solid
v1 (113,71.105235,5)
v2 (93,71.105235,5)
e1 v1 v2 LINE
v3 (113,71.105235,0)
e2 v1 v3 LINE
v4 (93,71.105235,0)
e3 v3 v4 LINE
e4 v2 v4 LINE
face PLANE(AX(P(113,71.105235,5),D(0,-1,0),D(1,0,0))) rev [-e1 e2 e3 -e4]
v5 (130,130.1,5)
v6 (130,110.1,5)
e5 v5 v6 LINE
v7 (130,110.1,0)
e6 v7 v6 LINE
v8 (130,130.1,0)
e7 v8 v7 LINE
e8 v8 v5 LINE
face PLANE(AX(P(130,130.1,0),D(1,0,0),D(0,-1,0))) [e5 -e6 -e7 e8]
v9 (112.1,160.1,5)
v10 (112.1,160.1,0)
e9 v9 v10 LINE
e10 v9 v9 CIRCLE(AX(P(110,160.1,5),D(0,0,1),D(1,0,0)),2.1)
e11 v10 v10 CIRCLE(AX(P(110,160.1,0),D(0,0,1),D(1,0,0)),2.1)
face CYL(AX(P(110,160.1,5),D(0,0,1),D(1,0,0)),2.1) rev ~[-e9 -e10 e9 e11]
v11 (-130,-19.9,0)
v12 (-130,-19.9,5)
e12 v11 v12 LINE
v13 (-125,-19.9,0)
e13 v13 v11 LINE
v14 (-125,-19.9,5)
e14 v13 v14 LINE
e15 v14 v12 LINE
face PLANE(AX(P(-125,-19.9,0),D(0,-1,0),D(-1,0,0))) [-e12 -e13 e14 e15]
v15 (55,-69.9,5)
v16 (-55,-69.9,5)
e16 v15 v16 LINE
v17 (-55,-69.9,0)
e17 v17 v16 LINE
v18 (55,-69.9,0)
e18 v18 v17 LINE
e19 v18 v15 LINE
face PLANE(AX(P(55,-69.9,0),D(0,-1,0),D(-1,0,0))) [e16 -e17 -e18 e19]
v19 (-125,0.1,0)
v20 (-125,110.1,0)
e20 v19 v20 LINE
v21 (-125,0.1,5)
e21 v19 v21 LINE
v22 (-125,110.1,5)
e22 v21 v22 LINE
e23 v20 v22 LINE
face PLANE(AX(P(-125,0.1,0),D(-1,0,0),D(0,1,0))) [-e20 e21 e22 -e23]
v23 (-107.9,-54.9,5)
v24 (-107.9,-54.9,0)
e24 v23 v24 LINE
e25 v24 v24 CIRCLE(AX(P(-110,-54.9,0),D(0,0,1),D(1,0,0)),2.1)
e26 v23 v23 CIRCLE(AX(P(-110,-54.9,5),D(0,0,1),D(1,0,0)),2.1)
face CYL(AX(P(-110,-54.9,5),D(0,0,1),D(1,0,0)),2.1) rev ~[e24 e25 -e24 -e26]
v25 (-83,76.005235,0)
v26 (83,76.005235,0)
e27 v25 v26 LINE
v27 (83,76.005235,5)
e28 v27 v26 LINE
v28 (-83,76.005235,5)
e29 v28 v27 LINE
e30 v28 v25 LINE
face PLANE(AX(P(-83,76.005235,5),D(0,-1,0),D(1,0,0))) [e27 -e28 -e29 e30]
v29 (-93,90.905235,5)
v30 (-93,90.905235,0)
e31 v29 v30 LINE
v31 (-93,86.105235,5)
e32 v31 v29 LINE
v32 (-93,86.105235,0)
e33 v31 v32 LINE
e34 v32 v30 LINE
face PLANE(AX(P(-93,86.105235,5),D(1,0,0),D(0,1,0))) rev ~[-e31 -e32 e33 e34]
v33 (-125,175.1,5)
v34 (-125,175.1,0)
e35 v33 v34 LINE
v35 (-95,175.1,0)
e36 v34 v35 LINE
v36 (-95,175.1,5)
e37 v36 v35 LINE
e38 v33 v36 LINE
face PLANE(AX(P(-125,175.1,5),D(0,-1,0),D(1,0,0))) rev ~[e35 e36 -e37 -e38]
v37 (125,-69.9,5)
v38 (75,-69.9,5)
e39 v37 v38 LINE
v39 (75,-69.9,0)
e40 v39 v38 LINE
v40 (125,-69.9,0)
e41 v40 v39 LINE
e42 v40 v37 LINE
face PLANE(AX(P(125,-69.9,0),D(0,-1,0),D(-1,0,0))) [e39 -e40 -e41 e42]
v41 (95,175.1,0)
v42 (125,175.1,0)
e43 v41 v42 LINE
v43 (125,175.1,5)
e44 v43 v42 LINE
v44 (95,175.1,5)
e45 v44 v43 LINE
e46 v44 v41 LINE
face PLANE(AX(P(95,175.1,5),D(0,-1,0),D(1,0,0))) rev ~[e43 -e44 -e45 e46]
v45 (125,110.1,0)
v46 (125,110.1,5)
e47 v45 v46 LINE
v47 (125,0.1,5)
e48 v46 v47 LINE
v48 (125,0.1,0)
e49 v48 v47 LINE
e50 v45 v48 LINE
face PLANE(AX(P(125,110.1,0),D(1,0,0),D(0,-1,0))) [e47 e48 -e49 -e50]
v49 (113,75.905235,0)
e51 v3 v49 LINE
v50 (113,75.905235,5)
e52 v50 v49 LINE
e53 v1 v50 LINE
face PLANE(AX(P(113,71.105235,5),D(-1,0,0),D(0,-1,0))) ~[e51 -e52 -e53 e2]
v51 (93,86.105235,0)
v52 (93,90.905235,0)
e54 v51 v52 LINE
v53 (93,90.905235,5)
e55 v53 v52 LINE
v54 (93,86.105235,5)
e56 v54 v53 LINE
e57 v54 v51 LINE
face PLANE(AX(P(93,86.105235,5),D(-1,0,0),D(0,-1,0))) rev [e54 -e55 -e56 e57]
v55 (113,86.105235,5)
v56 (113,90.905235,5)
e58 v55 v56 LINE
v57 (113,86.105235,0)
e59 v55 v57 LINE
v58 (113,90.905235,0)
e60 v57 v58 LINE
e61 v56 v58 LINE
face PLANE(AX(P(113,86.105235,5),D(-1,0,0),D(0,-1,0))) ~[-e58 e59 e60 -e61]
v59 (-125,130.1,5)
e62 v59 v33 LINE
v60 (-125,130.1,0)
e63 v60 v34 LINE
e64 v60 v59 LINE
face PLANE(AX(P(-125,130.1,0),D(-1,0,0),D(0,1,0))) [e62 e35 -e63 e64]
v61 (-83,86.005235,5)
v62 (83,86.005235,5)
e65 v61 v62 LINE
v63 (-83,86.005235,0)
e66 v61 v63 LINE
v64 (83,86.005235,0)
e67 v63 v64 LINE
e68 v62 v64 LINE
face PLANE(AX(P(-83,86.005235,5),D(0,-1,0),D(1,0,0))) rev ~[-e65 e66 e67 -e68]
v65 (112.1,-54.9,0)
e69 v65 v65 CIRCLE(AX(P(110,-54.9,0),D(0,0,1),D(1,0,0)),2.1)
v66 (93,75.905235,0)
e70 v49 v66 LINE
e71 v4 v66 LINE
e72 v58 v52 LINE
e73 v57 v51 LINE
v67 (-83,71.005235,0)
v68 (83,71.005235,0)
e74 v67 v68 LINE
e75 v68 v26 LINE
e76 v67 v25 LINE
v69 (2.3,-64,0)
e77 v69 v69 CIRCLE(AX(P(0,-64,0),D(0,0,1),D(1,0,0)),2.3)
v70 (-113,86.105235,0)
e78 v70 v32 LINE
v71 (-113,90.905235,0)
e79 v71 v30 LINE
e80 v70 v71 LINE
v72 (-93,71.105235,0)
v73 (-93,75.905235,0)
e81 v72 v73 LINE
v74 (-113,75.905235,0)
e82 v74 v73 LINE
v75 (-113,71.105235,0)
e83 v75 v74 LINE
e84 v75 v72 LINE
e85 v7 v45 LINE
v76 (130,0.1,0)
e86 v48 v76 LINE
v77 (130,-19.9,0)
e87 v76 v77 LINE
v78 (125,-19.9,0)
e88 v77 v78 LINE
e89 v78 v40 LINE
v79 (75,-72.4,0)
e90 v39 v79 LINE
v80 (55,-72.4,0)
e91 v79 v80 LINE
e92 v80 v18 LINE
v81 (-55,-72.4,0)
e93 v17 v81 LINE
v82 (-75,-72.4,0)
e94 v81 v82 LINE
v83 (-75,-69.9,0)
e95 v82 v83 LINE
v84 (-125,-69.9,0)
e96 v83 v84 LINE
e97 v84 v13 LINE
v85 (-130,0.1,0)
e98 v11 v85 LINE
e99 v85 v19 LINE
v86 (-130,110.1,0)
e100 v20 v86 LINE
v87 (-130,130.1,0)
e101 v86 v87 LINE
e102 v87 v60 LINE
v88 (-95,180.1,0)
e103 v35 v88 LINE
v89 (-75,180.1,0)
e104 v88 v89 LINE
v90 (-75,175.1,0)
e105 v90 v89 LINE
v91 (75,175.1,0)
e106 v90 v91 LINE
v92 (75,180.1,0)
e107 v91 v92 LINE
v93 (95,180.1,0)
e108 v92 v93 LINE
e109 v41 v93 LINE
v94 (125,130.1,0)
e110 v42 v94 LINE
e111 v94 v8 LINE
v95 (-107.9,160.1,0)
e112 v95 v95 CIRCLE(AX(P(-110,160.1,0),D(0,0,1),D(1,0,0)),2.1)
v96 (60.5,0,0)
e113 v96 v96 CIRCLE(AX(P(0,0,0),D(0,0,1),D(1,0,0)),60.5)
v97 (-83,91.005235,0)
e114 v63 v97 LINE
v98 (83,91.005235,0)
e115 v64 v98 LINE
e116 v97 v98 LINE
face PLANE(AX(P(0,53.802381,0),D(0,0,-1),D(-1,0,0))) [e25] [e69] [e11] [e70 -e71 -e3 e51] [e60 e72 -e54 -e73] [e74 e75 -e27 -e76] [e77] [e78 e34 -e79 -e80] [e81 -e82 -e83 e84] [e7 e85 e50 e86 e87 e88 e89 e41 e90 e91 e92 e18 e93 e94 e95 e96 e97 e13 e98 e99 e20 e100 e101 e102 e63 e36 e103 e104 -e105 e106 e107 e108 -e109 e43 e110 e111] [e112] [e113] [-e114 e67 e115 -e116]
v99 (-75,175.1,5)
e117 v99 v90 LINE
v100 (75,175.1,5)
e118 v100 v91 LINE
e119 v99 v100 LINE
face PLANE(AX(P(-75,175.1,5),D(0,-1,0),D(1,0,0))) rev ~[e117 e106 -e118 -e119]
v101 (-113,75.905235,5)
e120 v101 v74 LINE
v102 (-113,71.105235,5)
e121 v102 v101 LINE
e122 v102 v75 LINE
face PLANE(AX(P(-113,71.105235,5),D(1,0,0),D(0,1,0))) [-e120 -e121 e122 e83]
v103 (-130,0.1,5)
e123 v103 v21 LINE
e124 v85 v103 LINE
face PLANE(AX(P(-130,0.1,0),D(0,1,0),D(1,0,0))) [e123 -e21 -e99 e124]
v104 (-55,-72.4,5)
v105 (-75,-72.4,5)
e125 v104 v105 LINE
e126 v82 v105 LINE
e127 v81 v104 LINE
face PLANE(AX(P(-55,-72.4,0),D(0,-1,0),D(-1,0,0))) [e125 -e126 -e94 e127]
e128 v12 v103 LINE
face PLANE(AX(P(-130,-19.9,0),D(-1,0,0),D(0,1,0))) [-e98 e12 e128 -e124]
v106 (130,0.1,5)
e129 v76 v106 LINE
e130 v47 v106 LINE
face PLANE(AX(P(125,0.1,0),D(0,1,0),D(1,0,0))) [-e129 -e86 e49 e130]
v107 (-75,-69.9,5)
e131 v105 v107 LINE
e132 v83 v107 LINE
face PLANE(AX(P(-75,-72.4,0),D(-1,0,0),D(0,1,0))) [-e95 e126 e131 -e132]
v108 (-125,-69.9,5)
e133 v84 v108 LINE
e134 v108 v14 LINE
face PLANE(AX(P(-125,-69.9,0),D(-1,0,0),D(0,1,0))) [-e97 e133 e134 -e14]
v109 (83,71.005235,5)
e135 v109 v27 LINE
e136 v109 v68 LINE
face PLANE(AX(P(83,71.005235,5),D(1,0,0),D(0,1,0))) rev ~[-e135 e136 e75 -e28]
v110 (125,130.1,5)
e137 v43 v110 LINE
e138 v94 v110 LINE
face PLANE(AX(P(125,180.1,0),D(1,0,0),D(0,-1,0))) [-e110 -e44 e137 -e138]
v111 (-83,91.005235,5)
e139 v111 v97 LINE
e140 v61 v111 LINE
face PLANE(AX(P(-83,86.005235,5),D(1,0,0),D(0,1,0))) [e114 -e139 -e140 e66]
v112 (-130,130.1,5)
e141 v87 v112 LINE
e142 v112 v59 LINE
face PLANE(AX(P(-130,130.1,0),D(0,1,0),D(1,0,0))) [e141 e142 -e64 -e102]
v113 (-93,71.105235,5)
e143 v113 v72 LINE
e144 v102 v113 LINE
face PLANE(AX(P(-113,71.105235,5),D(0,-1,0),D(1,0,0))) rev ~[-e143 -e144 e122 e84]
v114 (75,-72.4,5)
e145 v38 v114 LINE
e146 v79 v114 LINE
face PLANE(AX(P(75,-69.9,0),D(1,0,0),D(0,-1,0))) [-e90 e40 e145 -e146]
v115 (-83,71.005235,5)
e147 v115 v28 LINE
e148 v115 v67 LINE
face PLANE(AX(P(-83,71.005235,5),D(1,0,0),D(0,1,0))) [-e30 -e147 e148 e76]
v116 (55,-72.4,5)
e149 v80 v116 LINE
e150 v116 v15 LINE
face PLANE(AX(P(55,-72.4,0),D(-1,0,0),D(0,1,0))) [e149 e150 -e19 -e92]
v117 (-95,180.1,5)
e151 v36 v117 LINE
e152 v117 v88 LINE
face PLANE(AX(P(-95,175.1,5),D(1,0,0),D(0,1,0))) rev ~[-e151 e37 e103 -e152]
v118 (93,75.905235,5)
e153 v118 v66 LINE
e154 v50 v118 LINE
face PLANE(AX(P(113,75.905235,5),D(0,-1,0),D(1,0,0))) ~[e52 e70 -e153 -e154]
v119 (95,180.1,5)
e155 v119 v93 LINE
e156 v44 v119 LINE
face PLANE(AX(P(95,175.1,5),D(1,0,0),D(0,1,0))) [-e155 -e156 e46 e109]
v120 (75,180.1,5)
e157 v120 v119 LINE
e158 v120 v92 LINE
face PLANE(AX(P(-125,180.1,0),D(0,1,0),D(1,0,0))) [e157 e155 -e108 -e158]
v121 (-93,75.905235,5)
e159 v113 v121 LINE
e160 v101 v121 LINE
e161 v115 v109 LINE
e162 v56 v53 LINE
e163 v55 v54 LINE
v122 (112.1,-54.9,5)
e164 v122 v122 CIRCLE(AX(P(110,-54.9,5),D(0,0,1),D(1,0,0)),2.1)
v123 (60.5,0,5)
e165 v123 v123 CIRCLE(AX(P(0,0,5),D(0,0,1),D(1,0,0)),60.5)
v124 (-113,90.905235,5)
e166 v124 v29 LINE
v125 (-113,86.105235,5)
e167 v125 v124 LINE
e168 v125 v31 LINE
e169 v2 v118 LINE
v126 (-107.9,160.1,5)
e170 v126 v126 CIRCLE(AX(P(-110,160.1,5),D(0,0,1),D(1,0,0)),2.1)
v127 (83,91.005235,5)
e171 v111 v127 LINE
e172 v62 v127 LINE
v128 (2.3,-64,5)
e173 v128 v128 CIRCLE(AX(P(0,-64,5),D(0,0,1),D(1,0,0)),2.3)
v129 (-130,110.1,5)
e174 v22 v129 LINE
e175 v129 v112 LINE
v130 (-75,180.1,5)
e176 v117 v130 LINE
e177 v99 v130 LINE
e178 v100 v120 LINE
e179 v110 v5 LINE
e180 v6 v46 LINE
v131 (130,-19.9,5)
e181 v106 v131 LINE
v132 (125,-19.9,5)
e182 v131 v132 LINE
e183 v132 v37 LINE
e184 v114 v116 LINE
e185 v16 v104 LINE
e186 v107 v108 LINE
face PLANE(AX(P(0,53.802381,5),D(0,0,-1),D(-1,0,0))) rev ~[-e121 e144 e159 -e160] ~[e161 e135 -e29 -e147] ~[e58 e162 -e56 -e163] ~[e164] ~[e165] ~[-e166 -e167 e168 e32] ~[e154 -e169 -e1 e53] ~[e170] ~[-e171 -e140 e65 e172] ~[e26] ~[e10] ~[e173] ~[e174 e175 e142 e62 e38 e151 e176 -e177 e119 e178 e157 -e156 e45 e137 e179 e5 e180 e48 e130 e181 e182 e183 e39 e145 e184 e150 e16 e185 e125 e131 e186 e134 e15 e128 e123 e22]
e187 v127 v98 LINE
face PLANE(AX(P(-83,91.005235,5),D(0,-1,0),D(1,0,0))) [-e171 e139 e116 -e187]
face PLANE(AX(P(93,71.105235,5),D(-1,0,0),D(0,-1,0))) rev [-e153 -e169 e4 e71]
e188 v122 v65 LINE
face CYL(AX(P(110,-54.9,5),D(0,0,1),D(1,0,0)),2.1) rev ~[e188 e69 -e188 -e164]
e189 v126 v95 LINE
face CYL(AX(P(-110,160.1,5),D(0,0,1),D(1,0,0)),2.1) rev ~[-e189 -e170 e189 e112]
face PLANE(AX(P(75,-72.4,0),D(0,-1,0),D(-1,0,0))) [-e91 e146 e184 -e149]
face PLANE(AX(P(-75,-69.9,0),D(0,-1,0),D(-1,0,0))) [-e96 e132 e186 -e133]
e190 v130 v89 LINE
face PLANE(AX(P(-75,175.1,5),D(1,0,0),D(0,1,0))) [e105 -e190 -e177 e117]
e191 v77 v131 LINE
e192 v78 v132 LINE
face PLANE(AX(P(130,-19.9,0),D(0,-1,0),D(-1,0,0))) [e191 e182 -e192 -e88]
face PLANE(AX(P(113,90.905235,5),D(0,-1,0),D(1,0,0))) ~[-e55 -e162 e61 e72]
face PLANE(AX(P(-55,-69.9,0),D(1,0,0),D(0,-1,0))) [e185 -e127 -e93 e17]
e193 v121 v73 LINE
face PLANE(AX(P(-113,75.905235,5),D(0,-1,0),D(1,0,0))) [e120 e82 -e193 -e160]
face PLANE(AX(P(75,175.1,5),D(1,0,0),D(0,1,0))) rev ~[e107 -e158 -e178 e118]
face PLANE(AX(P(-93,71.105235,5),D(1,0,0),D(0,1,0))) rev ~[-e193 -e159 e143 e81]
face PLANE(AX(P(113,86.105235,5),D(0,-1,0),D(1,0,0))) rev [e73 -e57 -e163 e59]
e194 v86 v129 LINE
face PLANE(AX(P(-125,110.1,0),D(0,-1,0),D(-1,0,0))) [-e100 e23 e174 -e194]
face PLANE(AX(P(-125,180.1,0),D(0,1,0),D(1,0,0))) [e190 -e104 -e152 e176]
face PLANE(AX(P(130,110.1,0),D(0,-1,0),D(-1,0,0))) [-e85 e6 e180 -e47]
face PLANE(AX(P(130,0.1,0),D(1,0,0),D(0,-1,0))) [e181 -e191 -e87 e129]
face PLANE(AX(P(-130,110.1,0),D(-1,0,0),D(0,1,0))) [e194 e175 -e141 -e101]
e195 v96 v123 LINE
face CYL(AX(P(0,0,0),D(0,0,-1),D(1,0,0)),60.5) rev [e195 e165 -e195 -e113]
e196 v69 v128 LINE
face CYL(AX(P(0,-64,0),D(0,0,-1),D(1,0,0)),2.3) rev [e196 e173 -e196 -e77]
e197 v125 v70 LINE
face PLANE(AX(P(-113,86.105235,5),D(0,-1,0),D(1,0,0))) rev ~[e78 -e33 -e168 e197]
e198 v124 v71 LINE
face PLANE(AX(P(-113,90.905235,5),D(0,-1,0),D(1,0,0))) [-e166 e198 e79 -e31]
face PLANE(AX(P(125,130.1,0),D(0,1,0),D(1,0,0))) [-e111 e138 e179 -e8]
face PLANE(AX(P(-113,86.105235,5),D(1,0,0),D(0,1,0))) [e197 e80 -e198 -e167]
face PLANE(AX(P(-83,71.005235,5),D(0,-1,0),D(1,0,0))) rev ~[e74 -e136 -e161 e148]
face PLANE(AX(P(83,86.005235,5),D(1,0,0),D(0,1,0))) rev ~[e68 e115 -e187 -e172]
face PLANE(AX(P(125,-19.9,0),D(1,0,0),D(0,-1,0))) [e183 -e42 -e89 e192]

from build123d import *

# Parameters (mm, degrees)
SKETCH1_R           = 60.5
SKETCH1_R_2         = 2.3
BOSS_EXTRUDE1_DEPTH = 5
SKETCH3_W           = 20
SKETCH3_H           = 4.8
CUT_EXTRUDE1_DEPTH  = 5
SKETCH4_W           = 165.999999998
SKETCH4_H           = 5
CUT_EXTRUDE2_DEPTH  = 5
SKETCH5_R           = 2.1
CUT_EXTRUDE3_DEPTH  = 5
SKETCH6_W           = 30
SKETCH6_H           = 5
SKETCH6_W_2         = 150
CUT_EXTRUDE4_DEPTH  = 5
SKETCH7_R           = 2.1
CUT_EXTRUDE5_DEPTH  = 5


with BuildPart() as part:
    # Sketch1 → Boss-Extrude1 (new body)
    with BuildSketch(Plane.XY):
        Polygon((125.000000001, -69.9), (75.000000001, -69.9), (75.000000001, -72.4), (55.000000001, -72.4), (55.000000001, -69.9), (-54.999999999, -69.9), (-54.999999999, -72.4), (-74.999999999, -72.4), (-74.999999999, -69.9), (-124.999999999, -69.9), (-124.999999999, -19.9), (-129.999999999, -19.9), (-129.999999999, 0.1), (-124.999999999, 0.1), (-124.999999999, 110.1), (-129.999999999, 110.1), (-129.999999999, 130.1), (-124.999999999, 130.1), (-124.999999999, 180.1), (125.000000001, 180.1), (125.000000001, 130.1), (130.000000001, 130.1), (130.000000001, 110.1), (125.000000001, 110.1), (125.000000001, 0.1), (130.000000001, 0.1), (130.000000001, -19.9), (125.000000001, -19.9), align=None)
        Circle(SKETCH1_R, mode=Mode.SUBTRACT)
        with Locations((0, -64)):
            Circle(SKETCH1_R_2, mode=Mode.SUBTRACT)
    extrude(amount=BOSS_EXTRUDE1_DEPTH)

    # Sketch3 → Cut-Extrude1 (cut)
    with BuildSketch(Plane.XY.offset(5)):
        with Locations((-102.999999999, 88.505234687)):
            Rectangle(SKETCH3_W, SKETCH3_H)
        with Locations((-102.999999999, 73.505234687)):
            Rectangle(SKETCH3_W, SKETCH3_H)
    cut_extrude1 = extrude(amount=-CUT_EXTRUDE1_DEPTH, mode=Mode.SUBTRACT)

    # Mirror1: Cut-Extrude1 across plane
    add(cut_extrude1.mirror(Plane(origin=(0, 0, 0), x_dir=(0, 0, 1), z_dir=(1, 0, 0))), mode=Mode.SUBTRACT)

    # Sketch4 → Cut-Extrude2 (cut)
    with BuildSketch(Plane.XY.offset(5)):
        with Locations((0, 88.505234687)):
            Rectangle(SKETCH4_W, SKETCH4_H)
        with Locations((0, 73.505234687)):
            Rectangle(SKETCH4_W, SKETCH4_H)
    extrude(amount=-CUT_EXTRUDE2_DEPTH, mode=Mode.SUBTRACT)

    # Sketch5 → Cut-Extrude3 (cut)
    with BuildSketch(Plane.XY.offset(5)):
        with Locations((-109.999999999, -54.9)):
            Circle(SKETCH5_R)
        with Locations((110.000000001, -54.9)):
            Circle(SKETCH5_R)
    extrude(amount=-CUT_EXTRUDE3_DEPTH, mode=Mode.SUBTRACT)

    # Sketch6 → Cut-Extrude4 (cut)
    with BuildSketch(Plane.XY.offset(5)):
        with Locations((-109.999999999, 177.6)):
            Rectangle(SKETCH6_W, SKETCH6_H)
        with Locations((1e-09, 177.6)):
            Rectangle(SKETCH6_W_2, SKETCH6_H)
        with Locations((110.000000001, 177.6)):
            Rectangle(SKETCH6_W, SKETCH6_H)
    extrude(amount=-CUT_EXTRUDE4_DEPTH, mode=Mode.SUBTRACT)

    # Sketch7 → Cut-Extrude5 (cut)
    with BuildSketch(Plane.XY.offset(5)):
        with Locations((-109.999999999, 160.1)):
            Circle(SKETCH7_R)
        with Locations((110.000000001, 160.1)):
            Circle(SKETCH7_R)
    extrude(amount=-CUT_EXTRUDE5_DEPTH, mode=Mode.SUBTRACT)


solid = part.part
